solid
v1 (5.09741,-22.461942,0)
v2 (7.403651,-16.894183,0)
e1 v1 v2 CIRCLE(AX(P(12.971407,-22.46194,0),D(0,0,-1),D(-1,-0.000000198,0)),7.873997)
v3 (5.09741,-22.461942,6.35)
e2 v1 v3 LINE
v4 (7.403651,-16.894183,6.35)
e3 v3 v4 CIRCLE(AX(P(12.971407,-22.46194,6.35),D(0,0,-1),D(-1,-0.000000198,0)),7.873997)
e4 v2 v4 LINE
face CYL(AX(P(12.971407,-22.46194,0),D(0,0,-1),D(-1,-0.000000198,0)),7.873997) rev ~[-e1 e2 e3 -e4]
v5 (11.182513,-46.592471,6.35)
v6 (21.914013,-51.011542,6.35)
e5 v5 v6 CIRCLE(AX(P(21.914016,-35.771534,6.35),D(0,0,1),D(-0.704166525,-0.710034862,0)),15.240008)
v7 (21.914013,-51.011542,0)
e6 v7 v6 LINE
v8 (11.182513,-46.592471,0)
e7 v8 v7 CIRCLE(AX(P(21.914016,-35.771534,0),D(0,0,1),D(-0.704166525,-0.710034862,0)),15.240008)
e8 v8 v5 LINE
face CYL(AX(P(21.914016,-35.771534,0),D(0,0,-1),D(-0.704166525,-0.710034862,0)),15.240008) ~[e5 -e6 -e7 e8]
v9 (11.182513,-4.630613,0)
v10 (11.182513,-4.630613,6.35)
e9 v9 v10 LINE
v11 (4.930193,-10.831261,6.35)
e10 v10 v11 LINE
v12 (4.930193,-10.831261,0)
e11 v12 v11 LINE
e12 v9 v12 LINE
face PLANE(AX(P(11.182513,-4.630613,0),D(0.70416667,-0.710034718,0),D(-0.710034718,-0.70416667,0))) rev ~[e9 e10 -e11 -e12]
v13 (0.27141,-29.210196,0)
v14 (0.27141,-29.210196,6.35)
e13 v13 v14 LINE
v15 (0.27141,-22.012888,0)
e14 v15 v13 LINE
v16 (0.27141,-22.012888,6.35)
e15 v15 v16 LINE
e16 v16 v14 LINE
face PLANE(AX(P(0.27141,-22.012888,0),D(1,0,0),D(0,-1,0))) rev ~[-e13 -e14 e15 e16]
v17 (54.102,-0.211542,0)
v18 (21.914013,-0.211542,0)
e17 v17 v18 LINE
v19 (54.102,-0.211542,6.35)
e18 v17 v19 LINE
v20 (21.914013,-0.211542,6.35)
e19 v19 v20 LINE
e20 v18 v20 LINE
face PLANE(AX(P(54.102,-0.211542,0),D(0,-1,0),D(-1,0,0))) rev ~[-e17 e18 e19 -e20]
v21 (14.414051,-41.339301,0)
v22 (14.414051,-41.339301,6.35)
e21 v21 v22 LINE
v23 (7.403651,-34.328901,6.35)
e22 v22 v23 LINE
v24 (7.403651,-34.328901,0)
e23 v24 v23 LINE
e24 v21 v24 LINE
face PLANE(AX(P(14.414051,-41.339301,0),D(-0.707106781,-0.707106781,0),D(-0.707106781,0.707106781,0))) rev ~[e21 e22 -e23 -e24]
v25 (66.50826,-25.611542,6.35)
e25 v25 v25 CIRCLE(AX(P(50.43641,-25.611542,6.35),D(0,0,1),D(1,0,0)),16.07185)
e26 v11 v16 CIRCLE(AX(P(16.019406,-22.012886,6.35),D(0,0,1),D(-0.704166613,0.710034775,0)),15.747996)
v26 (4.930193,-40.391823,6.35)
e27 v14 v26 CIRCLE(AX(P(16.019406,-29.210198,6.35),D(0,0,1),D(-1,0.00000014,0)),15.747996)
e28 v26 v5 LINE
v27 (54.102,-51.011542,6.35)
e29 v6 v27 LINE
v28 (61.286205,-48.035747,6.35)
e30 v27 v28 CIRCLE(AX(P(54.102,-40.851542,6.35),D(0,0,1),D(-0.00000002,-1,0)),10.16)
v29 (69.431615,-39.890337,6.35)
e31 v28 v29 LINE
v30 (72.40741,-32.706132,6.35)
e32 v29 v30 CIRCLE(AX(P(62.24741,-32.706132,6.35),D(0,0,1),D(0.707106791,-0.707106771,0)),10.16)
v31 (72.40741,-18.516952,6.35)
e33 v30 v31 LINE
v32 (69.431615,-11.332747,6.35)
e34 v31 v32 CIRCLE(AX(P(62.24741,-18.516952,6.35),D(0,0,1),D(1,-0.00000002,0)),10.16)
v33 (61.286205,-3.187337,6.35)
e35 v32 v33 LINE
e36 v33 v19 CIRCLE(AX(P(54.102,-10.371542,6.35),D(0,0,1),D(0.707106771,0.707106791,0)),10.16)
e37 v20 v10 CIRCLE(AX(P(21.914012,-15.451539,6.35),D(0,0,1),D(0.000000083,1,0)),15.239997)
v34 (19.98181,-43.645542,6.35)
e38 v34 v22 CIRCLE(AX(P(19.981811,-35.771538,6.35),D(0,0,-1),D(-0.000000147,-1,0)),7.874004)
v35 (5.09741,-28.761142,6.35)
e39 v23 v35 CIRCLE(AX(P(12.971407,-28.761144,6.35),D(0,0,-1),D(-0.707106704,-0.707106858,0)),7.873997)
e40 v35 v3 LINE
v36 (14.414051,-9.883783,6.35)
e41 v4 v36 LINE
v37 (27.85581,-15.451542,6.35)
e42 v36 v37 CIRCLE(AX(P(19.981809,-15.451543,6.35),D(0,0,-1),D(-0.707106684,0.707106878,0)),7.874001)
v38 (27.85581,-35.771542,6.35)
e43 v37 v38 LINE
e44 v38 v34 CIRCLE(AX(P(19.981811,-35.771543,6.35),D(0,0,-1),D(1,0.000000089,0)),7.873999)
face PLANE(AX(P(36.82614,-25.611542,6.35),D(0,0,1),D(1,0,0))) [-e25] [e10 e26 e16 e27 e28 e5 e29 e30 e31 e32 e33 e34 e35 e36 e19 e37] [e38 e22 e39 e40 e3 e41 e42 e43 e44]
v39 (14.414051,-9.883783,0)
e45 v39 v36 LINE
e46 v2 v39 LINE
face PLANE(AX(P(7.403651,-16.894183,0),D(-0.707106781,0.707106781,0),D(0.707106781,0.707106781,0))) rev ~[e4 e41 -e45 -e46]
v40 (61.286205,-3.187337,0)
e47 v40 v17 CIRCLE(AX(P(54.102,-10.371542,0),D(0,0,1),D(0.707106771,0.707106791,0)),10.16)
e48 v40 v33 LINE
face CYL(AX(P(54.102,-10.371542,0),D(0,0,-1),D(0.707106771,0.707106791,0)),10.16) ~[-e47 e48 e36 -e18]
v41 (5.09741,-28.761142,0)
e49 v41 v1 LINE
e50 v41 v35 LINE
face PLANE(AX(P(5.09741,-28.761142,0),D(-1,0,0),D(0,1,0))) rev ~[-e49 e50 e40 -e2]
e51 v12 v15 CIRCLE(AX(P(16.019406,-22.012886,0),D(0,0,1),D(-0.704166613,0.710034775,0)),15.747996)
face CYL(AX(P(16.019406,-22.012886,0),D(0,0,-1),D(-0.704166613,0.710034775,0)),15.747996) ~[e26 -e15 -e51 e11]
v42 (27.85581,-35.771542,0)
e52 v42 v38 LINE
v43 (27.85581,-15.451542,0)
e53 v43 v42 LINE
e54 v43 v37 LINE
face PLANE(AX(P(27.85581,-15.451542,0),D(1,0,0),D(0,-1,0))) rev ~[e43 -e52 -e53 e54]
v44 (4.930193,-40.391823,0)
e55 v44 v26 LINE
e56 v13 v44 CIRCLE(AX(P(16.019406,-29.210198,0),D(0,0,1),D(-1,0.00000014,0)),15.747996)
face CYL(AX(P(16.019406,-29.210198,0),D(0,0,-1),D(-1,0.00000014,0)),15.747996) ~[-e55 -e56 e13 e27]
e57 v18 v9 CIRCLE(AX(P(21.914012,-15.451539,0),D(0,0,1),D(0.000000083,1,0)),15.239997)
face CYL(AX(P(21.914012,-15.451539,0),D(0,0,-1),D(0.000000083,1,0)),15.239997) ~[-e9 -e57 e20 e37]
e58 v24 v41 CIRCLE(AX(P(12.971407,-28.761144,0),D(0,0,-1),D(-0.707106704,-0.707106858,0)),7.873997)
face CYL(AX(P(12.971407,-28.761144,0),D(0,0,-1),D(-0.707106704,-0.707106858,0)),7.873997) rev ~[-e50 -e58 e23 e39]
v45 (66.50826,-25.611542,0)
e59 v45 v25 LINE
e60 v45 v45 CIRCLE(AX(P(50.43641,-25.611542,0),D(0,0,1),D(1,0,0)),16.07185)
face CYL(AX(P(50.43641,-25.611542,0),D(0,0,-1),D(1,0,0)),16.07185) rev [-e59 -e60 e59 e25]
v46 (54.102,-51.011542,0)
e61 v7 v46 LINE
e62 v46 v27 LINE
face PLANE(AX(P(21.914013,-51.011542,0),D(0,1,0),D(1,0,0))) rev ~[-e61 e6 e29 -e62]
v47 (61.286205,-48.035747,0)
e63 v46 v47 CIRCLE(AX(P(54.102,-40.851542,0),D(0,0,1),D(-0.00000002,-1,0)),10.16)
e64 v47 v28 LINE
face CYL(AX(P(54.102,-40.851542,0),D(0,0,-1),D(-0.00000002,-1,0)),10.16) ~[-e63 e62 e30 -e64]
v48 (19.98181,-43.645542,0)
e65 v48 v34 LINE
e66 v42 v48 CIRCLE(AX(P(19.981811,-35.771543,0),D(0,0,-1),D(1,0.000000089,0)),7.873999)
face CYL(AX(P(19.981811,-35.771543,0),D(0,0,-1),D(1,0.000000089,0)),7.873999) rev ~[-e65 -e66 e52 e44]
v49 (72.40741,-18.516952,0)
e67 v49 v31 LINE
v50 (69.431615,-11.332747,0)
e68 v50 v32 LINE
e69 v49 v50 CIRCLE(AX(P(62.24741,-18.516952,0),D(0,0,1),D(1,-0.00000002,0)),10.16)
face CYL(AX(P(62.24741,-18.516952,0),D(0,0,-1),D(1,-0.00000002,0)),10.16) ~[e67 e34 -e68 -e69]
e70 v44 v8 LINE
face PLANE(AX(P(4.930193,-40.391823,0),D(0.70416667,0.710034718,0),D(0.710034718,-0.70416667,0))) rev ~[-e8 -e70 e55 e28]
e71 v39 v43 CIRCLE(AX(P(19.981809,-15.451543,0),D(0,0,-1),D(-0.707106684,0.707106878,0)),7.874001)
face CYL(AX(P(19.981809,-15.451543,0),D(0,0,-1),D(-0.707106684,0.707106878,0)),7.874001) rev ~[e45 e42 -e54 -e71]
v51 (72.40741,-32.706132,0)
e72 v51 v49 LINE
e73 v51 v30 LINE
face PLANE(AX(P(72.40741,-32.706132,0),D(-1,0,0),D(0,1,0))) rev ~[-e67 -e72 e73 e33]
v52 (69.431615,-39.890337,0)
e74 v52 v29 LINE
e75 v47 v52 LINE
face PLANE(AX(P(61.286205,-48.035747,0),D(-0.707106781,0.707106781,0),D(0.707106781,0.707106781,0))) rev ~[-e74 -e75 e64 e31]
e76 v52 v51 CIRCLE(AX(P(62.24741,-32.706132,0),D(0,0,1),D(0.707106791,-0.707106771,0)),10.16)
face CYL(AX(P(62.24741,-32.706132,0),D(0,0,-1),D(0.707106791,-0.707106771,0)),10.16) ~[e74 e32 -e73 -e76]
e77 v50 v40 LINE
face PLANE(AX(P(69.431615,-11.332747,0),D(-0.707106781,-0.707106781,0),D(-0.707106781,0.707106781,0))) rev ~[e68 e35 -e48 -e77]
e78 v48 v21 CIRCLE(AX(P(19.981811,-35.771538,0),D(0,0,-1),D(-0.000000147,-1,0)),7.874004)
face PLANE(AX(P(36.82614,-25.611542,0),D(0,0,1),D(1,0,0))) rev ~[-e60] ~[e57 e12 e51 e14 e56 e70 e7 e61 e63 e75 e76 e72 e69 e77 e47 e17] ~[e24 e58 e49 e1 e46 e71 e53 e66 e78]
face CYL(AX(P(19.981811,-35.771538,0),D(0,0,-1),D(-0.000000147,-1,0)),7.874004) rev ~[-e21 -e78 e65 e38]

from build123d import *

# Parameters (mm, degrees)
F0_R     = 16.07185
F1_DEPTH = 6.35


with BuildPart() as f1:
    # F0 (on Top) → F1 (new body)
    with BuildSketch(Plane.XY):
        with BuildLine():
            ThreePointArc((69.431615, -39.890337), (71.634026, -36.594196), (72.40741, -32.706132))
            Line((72.40741, -32.706132), (72.40741, -18.516952))
            ThreePointArc((72.40741, -18.516952), (71.634026, -14.628888), (69.431615, -11.332747))
            Line((69.431615, -11.332747), (61.286205, -3.187337))
            ThreePointArc((61.286205, -3.187337), (57.990064, -0.984926), (54.102, -0.211542))
            Line((54.102, -0.211542), (21.914013, -0.211542))
            ThreePointArc((21.914013, -0.211542), (16.111142, -1.359548), (11.182513, -4.630613))
            Line((11.182513, -4.630613), (4.930193, -10.831261))
            ThreePointArc((4.930193, -10.831261), (1.482689, -15.956217), (0.27141, -22.012888))
            Line((0.27141, -22.012888), (0.27141, -29.210196))
            ThreePointArc((0.27141, -29.210196), (1.482689, -35.266867), (4.930193, -40.391823))
            Line((4.930193, -40.391823), (11.182513, -46.592471))
            ThreePointArc((11.182513, -46.592471), (16.111142, -49.863535), (21.914013, -51.011542))
            Line((21.914013, -51.011542), (54.102, -51.011542))
            ThreePointArc((54.102, -51.011542), (57.990064, -50.238158), (61.286205, -48.035747))
            Line((61.286205, -48.035747), (69.431615, -39.890337))
        make_face()
        with BuildLine():
            Line((27.85581, -15.451542), (27.85581, -35.771542))
            ThreePointArc((27.85581, -35.771542), (25.549569, -41.339301), (19.98181, -43.645542))
            ThreePointArc((19.98181, -43.645542), (16.96856, -43.046169), (14.414051, -41.339301))
            Line((14.414051, -41.339301), (7.403651, -34.328901))
            ThreePointArc((7.403651, -34.328901), (5.696782, -31.774391), (5.09741, -28.761142))
            Line((5.09741, -28.761142), (5.09741, -22.461942))
            ThreePointArc((5.09741, -22.461942), (5.696782, -19.448693), (7.403651, -16.894183))
            Line((7.403651, -16.894183), (14.414051, -9.883783))
            ThreePointArc((14.414051, -9.883783), (22.995059, -8.176915), (27.85581, -15.451542))
        make_face(mode=Mode.SUBTRACT)
        with Locations((50.43641, -25.611542)):
            Circle(F0_R, mode=Mode.SUBTRACT)
    extrude(amount=F1_DEPTH)


solid = f1.part
